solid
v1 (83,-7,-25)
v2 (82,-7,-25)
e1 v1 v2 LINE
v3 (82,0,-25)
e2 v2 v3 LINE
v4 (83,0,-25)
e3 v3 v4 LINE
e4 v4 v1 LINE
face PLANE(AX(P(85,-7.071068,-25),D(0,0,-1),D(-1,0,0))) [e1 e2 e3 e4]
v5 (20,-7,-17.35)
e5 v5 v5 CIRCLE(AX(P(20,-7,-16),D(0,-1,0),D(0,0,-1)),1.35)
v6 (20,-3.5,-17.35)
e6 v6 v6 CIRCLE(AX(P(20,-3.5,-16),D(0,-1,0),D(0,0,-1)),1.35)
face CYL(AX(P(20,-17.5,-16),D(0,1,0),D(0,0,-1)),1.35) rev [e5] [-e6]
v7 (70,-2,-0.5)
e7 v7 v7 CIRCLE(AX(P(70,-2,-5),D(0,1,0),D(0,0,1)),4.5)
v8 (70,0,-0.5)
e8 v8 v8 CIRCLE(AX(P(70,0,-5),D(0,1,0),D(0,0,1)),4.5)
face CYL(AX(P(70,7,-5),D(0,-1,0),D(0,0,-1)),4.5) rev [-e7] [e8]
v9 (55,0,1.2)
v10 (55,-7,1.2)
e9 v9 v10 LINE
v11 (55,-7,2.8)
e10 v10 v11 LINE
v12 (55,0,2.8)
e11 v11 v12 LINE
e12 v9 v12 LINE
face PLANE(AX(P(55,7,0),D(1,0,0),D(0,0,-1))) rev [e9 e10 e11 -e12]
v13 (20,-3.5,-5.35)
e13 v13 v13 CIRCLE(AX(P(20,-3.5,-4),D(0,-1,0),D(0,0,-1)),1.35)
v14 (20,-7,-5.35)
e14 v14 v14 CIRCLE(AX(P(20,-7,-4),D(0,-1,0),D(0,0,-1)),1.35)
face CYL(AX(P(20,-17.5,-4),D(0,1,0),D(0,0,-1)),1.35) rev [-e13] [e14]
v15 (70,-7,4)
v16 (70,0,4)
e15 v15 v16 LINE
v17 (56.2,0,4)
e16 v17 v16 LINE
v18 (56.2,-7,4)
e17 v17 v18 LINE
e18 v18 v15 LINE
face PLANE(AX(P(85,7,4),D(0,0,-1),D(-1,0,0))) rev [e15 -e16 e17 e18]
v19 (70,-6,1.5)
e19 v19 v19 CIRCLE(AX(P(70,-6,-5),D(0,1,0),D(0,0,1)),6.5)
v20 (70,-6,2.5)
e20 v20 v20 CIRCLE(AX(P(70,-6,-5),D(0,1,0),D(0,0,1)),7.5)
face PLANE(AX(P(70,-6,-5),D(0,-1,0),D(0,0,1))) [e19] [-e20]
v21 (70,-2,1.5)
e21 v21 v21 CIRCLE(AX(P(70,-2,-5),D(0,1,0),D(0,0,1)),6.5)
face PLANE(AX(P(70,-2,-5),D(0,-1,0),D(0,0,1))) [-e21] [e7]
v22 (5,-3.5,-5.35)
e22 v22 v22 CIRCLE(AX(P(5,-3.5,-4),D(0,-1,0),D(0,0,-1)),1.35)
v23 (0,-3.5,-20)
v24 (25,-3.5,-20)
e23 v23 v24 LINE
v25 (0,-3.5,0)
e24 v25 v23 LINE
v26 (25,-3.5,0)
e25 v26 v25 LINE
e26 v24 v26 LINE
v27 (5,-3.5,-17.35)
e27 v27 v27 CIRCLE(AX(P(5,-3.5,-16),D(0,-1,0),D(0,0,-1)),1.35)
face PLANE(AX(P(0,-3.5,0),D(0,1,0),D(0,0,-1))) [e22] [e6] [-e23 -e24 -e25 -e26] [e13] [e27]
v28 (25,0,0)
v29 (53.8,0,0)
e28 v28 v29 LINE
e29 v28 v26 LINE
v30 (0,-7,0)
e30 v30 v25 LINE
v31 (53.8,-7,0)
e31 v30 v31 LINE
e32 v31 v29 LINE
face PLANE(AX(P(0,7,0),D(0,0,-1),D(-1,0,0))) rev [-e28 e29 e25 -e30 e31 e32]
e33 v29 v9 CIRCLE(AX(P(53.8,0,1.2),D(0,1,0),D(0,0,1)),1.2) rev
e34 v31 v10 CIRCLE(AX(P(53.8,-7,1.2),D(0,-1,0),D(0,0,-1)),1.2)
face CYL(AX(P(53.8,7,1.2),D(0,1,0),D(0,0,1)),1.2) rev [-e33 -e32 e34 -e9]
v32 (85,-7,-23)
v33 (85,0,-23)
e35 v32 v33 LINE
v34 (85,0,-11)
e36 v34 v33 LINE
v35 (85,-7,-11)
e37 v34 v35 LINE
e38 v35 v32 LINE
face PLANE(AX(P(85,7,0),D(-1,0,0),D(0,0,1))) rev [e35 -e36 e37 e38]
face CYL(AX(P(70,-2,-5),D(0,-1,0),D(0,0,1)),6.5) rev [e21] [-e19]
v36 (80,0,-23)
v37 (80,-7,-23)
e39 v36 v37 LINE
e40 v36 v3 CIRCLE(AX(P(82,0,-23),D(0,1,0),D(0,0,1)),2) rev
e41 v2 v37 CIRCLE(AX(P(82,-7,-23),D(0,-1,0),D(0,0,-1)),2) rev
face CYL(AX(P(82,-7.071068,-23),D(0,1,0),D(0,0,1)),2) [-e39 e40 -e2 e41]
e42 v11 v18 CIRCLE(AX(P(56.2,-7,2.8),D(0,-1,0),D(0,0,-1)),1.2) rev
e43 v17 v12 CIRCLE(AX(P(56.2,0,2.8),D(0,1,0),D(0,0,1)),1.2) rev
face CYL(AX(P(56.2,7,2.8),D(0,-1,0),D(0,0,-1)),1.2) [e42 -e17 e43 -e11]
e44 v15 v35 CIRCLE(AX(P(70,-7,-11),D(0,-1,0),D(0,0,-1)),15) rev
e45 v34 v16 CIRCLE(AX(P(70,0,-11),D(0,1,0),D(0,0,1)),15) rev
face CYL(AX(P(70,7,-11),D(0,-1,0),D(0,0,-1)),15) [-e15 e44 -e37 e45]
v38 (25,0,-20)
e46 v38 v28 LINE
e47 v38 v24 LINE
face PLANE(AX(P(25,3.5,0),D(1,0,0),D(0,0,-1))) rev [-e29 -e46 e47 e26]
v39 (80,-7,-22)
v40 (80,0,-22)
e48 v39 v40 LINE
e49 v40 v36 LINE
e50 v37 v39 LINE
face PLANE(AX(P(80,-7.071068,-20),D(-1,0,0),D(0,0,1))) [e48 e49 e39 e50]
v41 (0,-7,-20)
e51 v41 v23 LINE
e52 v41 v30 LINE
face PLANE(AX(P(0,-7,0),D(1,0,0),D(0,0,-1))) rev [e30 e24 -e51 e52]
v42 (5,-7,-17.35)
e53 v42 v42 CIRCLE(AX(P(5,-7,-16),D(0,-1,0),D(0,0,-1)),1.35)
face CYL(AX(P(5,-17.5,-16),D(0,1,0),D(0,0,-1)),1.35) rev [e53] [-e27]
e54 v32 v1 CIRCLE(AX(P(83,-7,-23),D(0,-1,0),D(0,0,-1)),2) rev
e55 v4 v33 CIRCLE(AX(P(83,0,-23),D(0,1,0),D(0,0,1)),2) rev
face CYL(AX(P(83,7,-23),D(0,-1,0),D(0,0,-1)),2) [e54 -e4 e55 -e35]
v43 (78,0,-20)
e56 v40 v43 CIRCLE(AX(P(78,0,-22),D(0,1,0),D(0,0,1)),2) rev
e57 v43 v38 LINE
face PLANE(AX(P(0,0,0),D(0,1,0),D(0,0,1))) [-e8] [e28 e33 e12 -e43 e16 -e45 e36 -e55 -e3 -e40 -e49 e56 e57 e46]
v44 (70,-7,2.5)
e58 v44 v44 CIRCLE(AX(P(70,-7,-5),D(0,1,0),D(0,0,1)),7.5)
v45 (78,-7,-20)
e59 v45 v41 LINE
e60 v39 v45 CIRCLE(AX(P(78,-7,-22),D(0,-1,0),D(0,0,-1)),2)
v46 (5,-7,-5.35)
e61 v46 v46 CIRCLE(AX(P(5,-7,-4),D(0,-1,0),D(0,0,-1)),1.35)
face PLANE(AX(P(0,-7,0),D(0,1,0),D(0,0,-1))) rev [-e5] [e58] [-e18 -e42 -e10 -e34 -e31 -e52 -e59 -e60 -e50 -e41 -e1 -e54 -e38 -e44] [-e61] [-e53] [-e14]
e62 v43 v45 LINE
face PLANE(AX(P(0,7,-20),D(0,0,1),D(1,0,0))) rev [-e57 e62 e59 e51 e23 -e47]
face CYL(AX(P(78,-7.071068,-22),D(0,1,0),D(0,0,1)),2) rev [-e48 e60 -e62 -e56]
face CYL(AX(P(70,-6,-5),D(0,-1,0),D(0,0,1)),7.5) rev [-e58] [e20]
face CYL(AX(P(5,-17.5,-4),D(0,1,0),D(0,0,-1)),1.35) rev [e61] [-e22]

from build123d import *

# Parameters (mm, degrees)
SKETCH1_R           = 4.5
BOSS_EXTRUDE1_DEPTH = 7
SKETCH2_W           = 25
SKETCH2_H           = 20
CUT_EXTRUDE1_DEPTH  = 3.5
SKETCH3_R           = 1.35
CUT_EXTRUDE2_DEPTH  = 14
FILLET2_R           = 1.2
SKETCH4_R           = 7.5
CUT_EXTRUDE3_DEPTH  = 1
SKETCH5_R           = 6.5
CUT_EXTRUDE4_DEPTH  = 4
FILLET3_R           = 15
SKETCH6_W           = 5
SKETCH6_H           = 5
BOSS_EXTRUDE2_DEPTH = 7
FILLET4_R           = 2
SKETCH7_W           = 110.688595786
SKETCH7_H           = 55.300338959
CUT_EXTRUDE5_DEPTH  = 7


with BuildPart() as part:
    # Sketch1 → Boss-Extrude1 (new body)
    with BuildSketch(Plane(origin=(0, 0, 0), x_dir=(1, 0, 0), z_dir=(0, 1, 0))):
        Polygon((0, 0), (55, 0), (55, -4), (85, -4), (85, 0), (85, 20), (0, 20), align=None)
        with Locations(Location((70, 5, 0), (0, 0, 270))):
            Circle(SKETCH1_R, mode=Mode.SUBTRACT)
    extrude(amount=BOSS_EXTRUDE1_DEPTH)

    # Sketch2 → Cut-Extrude1 (cut)
    with BuildSketch(Plane.XZ):
        with Locations((12.5, -10)):
            Rectangle(SKETCH2_W, SKETCH2_H)
    extrude(amount=-CUT_EXTRUDE1_DEPTH, mode=Mode.SUBTRACT)

    # Sketch3 → Cut-Extrude2 (cut)
    with BuildSketch(Plane.XZ.offset(-3.5)):
        with Locations(Location((5, -4, 0), (0, 0, 270))):
            Circle(SKETCH3_R)
        with Locations(Location((20, -4, 0), (0, 0, 270))):
            Circle(SKETCH3_R)
        with Locations(Location((20, -16, 0), (0, 0, 270))):
            Circle(SKETCH3_R)
        with Locations(Location((5, -16, 0), (0, 0, 270))):
            Circle(SKETCH3_R)
    extrude(amount=-CUT_EXTRUDE2_DEPTH, mode=Mode.SUBTRACT)

    # Fillet2
    fillet2_edges = [part.edges().sort_by_distance(p)[0] for p in [
        (55, 3.5, 4),
        (55, 3.5, 0),
    ]]
    fillet(fillet2_edges, radius=FILLET2_R)

    # Sketch4 → Cut-Extrude3 (cut)
    with BuildSketch(Plane(origin=(0, 7, 0), x_dir=(1, 0, 0), z_dir=(0, 1, 0))):
        with Locations(Location((70, 5, 0), (0, 0, 270))):
            Circle(SKETCH4_R)
    extrude(amount=-CUT_EXTRUDE3_DEPTH, mode=Mode.SUBTRACT)

    # Sketch5 → Cut-Extrude4 (cut)
    with BuildSketch(Plane(origin=(0, 6, 0), x_dir=(1, 0, 0), z_dir=(0, 1, 0))):
        with Locations(Location((70, 5, 0), (0, 0, 270))):
            Circle(SKETCH5_R)
    extrude(amount=-CUT_EXTRUDE4_DEPTH, mode=Mode.SUBTRACT)

    # Fillet3
    fillet3_edges = [part.edges().sort_by_distance(p)[0] for p in [
        (85, 3.5, 4),
    ]]
    fillet(fillet3_edges, radius=FILLET3_R)

    # Sketch6 → Boss-Extrude2 (add)
    with BuildSketch(Plane(origin=(0, 7, 0), x_dir=(1, 0, 0), z_dir=(0, 1, 0))):
        with Locations((82.5, 22.5)):
            Rectangle(SKETCH6_W, SKETCH6_H)
    extrude(amount=-BOSS_EXTRUDE2_DEPTH)

    # Fillet4
    fillet4_edges = [part.edges().sort_by_distance(p)[0] for p in [
        (80, 3.5, -25),
        (80, 3.5, -20),
        (85, 3.5, -25),
    ]]
    fillet(fillet4_edges, radius=FILLET4_R)

    # Mirror1: part across plane


with BuildPart() as part_1:
    add(part.part)
    add(part.part.mirror(Plane(origin=(0, 0, 0), x_dir=(0, 0, 1), z_dir=(0, -1, 0))))

    # Sketch7 → Cut-Extrude5 (cut)
    with BuildSketch(Plane(origin=(0, 7, 0), x_dir=(1, 0, 0), z_dir=(0, 1, 0))):
        with Locations((37.884311931, 10.917741369)):
            Rectangle(SKETCH7_W, SKETCH7_H)
    extrude(amount=-CUT_EXTRUDE5_DEPTH, mode=Mode.SUBTRACT)


solid = part_1.part
